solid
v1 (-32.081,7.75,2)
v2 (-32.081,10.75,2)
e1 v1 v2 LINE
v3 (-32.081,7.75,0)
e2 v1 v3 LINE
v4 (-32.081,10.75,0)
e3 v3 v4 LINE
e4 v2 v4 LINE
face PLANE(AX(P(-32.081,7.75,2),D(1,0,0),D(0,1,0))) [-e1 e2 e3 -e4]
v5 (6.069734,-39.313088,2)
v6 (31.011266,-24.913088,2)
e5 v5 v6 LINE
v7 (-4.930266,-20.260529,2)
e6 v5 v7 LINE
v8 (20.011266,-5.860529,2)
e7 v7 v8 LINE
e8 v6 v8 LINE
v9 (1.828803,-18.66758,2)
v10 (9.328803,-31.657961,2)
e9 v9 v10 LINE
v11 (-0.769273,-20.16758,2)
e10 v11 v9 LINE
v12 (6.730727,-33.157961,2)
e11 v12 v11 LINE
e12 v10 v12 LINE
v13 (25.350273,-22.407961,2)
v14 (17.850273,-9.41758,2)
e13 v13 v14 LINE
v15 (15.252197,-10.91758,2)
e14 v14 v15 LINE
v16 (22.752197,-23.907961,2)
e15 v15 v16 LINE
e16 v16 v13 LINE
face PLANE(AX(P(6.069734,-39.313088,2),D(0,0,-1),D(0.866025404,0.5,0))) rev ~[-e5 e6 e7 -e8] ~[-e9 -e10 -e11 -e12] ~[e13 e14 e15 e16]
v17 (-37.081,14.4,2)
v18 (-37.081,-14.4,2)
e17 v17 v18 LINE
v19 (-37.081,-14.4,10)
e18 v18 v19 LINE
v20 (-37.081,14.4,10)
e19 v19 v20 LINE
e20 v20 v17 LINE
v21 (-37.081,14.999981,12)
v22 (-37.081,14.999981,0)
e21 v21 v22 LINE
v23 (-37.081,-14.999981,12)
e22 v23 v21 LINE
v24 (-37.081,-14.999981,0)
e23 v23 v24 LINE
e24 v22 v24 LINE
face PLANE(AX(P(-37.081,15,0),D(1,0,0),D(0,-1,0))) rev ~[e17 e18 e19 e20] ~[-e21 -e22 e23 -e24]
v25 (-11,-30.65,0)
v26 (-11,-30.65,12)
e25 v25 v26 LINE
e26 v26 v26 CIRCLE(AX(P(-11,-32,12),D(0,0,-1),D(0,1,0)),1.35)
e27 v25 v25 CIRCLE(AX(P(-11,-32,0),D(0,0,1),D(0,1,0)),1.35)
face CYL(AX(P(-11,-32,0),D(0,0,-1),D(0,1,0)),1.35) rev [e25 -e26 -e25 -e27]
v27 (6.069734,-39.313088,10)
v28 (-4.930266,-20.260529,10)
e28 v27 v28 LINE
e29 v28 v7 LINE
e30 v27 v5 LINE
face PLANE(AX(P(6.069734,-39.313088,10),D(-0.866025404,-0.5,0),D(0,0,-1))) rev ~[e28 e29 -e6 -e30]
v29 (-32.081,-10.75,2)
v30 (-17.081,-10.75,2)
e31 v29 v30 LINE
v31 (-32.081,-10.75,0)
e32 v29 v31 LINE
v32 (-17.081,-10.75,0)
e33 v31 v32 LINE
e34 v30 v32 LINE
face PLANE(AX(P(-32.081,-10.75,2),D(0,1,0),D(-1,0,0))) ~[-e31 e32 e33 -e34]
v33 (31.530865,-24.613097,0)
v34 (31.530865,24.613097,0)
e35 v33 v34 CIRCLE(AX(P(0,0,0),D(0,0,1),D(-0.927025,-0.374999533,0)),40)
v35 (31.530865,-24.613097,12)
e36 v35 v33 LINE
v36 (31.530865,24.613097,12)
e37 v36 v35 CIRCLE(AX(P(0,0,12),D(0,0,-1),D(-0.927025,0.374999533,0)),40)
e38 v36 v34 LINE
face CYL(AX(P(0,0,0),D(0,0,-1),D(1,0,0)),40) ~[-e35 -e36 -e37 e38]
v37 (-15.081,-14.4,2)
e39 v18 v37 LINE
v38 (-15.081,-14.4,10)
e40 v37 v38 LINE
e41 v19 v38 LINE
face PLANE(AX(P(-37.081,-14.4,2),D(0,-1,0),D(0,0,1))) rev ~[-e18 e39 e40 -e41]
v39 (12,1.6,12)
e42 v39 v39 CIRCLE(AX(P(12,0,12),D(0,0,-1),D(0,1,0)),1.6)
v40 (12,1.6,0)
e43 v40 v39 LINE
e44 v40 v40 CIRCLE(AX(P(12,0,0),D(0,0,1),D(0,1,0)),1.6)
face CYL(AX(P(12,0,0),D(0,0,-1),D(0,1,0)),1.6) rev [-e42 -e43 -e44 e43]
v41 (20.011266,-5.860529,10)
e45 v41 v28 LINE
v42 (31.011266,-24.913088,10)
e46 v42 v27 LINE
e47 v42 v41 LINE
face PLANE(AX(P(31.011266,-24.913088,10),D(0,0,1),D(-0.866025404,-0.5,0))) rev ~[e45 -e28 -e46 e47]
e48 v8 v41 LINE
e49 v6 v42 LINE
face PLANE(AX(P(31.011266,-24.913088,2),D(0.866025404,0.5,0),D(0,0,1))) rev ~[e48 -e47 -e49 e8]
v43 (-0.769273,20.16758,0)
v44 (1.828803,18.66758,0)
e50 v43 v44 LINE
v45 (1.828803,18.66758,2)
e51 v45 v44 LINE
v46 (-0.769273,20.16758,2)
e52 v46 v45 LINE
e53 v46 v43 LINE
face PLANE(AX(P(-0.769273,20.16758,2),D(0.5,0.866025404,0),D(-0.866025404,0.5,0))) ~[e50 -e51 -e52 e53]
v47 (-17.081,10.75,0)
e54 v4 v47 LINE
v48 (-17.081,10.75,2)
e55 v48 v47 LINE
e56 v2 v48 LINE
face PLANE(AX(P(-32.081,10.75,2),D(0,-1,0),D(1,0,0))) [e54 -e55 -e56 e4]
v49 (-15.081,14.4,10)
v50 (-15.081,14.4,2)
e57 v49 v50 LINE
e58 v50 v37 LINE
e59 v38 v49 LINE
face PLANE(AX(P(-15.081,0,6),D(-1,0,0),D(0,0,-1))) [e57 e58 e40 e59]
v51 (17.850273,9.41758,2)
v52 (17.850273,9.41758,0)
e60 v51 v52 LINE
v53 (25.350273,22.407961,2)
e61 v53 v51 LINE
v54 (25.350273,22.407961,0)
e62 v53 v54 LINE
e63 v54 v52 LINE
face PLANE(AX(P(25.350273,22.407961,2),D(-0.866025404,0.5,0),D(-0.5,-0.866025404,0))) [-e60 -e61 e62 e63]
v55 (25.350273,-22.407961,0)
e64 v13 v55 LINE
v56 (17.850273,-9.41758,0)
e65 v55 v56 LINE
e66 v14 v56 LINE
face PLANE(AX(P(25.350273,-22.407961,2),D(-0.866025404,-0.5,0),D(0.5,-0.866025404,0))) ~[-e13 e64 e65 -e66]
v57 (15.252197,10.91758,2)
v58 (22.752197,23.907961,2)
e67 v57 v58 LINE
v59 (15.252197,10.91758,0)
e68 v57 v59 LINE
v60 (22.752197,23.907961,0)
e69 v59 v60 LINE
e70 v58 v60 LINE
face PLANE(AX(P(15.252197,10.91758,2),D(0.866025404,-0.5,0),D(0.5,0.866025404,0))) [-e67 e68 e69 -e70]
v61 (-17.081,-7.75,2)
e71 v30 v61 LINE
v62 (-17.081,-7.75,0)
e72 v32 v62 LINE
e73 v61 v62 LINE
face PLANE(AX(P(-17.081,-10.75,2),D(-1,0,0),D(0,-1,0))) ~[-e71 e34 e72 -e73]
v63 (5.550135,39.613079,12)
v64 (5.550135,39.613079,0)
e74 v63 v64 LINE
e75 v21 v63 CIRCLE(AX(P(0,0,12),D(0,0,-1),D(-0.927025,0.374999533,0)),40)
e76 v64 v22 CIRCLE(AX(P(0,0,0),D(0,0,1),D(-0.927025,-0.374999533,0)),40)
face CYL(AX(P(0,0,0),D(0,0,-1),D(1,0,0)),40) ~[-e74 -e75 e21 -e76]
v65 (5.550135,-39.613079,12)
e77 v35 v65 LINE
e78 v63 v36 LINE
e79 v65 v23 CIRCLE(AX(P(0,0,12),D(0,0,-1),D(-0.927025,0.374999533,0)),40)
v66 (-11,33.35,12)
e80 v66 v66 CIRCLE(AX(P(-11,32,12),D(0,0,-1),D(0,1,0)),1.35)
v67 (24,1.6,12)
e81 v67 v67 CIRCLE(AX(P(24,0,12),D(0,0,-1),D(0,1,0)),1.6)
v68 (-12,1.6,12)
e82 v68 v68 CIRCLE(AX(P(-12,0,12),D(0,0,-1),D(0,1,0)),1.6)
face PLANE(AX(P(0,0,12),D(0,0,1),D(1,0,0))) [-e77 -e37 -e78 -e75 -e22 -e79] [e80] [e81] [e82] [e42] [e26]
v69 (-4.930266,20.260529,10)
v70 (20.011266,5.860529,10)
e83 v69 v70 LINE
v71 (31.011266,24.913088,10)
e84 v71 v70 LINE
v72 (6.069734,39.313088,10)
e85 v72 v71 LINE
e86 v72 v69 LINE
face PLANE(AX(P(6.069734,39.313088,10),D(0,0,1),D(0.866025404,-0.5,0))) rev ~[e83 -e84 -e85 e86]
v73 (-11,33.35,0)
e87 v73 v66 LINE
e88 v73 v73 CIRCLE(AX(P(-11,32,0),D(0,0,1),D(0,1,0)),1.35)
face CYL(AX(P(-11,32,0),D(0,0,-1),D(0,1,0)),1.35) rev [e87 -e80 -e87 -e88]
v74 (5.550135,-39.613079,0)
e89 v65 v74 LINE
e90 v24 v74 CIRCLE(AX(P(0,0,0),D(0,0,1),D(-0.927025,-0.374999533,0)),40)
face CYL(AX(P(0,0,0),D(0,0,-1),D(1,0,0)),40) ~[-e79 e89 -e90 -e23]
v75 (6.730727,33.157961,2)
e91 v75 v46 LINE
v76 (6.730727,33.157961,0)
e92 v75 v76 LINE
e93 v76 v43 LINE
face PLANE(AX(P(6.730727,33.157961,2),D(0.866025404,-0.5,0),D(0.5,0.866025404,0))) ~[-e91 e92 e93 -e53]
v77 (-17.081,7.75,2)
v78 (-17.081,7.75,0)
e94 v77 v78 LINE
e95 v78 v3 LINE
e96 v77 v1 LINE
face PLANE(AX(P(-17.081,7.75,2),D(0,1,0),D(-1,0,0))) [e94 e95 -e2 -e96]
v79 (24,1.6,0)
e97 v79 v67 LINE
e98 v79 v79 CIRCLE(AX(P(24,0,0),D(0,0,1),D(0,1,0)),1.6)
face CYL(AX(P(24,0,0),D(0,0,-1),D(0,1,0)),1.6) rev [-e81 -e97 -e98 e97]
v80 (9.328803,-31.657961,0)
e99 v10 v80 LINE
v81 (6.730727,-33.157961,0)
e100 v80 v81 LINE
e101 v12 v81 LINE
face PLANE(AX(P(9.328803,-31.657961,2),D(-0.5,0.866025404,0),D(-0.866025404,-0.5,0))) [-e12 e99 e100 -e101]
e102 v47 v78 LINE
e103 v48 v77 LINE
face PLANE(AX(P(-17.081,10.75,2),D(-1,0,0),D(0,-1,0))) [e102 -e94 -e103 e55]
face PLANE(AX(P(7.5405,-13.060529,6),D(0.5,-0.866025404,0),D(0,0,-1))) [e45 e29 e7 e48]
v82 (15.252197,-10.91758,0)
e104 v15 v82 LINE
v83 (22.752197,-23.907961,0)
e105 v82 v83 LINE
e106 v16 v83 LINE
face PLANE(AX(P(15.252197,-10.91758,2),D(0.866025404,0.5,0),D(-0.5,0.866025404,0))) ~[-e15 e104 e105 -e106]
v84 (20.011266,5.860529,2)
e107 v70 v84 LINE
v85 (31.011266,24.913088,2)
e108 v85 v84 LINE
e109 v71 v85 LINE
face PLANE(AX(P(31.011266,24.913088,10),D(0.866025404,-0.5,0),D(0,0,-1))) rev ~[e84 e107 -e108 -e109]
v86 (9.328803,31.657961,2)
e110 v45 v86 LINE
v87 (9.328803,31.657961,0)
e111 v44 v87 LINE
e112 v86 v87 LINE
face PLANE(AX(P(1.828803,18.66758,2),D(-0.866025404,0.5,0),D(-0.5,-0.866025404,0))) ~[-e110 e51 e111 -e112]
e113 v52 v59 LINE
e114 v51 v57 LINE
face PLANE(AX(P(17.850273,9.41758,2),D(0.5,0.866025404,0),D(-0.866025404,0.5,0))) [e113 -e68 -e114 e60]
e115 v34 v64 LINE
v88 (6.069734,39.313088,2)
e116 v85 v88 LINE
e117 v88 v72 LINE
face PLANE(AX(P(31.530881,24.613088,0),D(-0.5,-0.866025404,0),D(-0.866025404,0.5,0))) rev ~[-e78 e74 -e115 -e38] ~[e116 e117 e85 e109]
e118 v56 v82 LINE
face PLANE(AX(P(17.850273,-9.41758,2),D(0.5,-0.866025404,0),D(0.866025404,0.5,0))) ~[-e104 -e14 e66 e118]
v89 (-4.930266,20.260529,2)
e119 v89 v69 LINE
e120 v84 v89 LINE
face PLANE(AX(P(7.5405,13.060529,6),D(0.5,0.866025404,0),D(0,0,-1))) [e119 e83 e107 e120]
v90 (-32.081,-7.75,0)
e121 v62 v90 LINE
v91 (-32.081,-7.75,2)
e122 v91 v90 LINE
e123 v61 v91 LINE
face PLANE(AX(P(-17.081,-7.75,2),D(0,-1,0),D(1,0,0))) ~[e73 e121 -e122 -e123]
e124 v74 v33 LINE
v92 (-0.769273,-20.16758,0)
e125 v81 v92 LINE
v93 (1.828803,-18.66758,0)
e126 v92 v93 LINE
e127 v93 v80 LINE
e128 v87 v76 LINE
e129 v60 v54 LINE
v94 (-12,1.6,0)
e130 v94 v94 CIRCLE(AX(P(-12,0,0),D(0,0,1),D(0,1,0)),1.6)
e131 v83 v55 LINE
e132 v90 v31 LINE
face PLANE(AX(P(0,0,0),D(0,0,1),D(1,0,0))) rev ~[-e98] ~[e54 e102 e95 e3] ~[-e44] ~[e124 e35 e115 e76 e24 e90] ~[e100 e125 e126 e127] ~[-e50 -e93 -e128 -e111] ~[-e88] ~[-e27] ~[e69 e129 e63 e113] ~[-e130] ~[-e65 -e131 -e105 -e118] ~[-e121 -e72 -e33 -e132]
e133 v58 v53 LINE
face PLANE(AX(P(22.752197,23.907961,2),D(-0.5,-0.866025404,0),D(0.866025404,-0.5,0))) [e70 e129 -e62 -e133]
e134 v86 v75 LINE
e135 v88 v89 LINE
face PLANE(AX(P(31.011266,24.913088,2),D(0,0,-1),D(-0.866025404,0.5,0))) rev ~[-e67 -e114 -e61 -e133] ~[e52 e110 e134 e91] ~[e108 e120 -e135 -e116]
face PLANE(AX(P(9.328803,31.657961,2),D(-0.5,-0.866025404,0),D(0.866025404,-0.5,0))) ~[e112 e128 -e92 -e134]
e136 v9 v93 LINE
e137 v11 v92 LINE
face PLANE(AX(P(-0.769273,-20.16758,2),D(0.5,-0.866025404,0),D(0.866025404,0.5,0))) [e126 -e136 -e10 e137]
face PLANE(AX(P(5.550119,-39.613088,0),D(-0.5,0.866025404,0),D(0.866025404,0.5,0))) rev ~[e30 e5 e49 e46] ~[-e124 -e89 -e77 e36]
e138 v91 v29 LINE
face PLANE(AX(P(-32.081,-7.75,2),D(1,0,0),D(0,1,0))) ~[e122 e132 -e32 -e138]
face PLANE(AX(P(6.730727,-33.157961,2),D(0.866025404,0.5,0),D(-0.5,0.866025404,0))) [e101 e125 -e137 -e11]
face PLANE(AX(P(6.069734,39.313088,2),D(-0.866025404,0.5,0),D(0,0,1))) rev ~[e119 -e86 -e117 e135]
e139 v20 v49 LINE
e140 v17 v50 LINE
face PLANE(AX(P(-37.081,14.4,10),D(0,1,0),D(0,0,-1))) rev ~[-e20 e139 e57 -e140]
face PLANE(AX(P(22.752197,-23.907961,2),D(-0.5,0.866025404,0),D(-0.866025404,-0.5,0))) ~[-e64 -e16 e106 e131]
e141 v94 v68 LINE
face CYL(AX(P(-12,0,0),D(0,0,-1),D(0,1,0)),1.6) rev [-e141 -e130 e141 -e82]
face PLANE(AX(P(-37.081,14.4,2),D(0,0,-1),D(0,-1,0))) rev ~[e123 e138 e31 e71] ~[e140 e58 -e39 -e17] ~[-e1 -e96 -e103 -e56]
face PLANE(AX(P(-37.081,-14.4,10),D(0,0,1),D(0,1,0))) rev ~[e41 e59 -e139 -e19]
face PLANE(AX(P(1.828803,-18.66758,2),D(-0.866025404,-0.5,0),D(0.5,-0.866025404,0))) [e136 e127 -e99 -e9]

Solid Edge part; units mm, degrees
sketch "Sketch1" plane through (0, 0, 0) normal (0, 0, 1) x (1, 0, 0)
  circle A0 centre (0, 0) radius 40
  dimension "D1" = 80
extrude "Protrusion1" add sketch "Sketch1" along normal blind 12
sketch "Sketch2" plane through (0, 0, 0) normal (0, 0, 1) x (1, 0, 0)
  line L0 (-37.081, 15) -> (-37.081, -15)
extrude "Cutout1" cut sketch "Sketch2" along normal through all material side at (-37.131, 0, 0)
sketch "Sketch3" plane through (-37.081, 0, 6) normal (-1, 0, 0) x (0, -1, 0)
  line L0 (14.4, 4) -> (-14.4, 4)
  line L1 (-14.4, 4) -> (-14.4, -4)
  line L2 (-14.4, -4) -> (14.4, -4)
  line L3 (14.4, -4) -> (14.4, 4)
extrude "Extrusionsausschnitt_5" cut sketch "Sketch3" against normal blind 22
sketch "Sketch4" plane through (-24.581, 0, 2) normal (0, 0, 1) x (0, -1, 0)
  line L0 (-7.75, 7.5) -> (-7.75, -7.5)
  line L1 (-7.75, -7.5) -> (-10.75, -7.5)
  line L2 (-10.75, -7.5) -> (-10.75, 7.5)
  line L3 (-10.75, 7.5) -> (-7.75, 7.5)
extrude "Cutout2" cut sketch "Sketch4" against normal through all
mirror "Mirror1" about plane through (0, 0, 0) normal (0, -1, 0) of "Cutout2"
pattern_circular "Pattern1" count 3 over 360 about axis through (0, 0, 0) along (0, 0, -1) of "Mirror1", "Cutout2", "Extrusionsausschnitt_5", "Cutout1"
hole "Bohrung_3" at (12, 0, 0) direction (0, 0, 1) diameter 3.2 end through all
hole "Hole1" at (24, 0, 0) direction (0, 0, 1) diameter 3.2 end through all
hole "Bohrung_5" at (-12, 0, 0) direction (0, 0, 1) diameter 3.2 end through all
hole "Bohrung_6" at (-11, 32, 0) direction (0, 0, 1) diameter 2.7 end through all
hole "Hole2" at (-11, -32, 0) direction (0, 0, 1) diameter 2.7 end through all
properties material "PVC"
